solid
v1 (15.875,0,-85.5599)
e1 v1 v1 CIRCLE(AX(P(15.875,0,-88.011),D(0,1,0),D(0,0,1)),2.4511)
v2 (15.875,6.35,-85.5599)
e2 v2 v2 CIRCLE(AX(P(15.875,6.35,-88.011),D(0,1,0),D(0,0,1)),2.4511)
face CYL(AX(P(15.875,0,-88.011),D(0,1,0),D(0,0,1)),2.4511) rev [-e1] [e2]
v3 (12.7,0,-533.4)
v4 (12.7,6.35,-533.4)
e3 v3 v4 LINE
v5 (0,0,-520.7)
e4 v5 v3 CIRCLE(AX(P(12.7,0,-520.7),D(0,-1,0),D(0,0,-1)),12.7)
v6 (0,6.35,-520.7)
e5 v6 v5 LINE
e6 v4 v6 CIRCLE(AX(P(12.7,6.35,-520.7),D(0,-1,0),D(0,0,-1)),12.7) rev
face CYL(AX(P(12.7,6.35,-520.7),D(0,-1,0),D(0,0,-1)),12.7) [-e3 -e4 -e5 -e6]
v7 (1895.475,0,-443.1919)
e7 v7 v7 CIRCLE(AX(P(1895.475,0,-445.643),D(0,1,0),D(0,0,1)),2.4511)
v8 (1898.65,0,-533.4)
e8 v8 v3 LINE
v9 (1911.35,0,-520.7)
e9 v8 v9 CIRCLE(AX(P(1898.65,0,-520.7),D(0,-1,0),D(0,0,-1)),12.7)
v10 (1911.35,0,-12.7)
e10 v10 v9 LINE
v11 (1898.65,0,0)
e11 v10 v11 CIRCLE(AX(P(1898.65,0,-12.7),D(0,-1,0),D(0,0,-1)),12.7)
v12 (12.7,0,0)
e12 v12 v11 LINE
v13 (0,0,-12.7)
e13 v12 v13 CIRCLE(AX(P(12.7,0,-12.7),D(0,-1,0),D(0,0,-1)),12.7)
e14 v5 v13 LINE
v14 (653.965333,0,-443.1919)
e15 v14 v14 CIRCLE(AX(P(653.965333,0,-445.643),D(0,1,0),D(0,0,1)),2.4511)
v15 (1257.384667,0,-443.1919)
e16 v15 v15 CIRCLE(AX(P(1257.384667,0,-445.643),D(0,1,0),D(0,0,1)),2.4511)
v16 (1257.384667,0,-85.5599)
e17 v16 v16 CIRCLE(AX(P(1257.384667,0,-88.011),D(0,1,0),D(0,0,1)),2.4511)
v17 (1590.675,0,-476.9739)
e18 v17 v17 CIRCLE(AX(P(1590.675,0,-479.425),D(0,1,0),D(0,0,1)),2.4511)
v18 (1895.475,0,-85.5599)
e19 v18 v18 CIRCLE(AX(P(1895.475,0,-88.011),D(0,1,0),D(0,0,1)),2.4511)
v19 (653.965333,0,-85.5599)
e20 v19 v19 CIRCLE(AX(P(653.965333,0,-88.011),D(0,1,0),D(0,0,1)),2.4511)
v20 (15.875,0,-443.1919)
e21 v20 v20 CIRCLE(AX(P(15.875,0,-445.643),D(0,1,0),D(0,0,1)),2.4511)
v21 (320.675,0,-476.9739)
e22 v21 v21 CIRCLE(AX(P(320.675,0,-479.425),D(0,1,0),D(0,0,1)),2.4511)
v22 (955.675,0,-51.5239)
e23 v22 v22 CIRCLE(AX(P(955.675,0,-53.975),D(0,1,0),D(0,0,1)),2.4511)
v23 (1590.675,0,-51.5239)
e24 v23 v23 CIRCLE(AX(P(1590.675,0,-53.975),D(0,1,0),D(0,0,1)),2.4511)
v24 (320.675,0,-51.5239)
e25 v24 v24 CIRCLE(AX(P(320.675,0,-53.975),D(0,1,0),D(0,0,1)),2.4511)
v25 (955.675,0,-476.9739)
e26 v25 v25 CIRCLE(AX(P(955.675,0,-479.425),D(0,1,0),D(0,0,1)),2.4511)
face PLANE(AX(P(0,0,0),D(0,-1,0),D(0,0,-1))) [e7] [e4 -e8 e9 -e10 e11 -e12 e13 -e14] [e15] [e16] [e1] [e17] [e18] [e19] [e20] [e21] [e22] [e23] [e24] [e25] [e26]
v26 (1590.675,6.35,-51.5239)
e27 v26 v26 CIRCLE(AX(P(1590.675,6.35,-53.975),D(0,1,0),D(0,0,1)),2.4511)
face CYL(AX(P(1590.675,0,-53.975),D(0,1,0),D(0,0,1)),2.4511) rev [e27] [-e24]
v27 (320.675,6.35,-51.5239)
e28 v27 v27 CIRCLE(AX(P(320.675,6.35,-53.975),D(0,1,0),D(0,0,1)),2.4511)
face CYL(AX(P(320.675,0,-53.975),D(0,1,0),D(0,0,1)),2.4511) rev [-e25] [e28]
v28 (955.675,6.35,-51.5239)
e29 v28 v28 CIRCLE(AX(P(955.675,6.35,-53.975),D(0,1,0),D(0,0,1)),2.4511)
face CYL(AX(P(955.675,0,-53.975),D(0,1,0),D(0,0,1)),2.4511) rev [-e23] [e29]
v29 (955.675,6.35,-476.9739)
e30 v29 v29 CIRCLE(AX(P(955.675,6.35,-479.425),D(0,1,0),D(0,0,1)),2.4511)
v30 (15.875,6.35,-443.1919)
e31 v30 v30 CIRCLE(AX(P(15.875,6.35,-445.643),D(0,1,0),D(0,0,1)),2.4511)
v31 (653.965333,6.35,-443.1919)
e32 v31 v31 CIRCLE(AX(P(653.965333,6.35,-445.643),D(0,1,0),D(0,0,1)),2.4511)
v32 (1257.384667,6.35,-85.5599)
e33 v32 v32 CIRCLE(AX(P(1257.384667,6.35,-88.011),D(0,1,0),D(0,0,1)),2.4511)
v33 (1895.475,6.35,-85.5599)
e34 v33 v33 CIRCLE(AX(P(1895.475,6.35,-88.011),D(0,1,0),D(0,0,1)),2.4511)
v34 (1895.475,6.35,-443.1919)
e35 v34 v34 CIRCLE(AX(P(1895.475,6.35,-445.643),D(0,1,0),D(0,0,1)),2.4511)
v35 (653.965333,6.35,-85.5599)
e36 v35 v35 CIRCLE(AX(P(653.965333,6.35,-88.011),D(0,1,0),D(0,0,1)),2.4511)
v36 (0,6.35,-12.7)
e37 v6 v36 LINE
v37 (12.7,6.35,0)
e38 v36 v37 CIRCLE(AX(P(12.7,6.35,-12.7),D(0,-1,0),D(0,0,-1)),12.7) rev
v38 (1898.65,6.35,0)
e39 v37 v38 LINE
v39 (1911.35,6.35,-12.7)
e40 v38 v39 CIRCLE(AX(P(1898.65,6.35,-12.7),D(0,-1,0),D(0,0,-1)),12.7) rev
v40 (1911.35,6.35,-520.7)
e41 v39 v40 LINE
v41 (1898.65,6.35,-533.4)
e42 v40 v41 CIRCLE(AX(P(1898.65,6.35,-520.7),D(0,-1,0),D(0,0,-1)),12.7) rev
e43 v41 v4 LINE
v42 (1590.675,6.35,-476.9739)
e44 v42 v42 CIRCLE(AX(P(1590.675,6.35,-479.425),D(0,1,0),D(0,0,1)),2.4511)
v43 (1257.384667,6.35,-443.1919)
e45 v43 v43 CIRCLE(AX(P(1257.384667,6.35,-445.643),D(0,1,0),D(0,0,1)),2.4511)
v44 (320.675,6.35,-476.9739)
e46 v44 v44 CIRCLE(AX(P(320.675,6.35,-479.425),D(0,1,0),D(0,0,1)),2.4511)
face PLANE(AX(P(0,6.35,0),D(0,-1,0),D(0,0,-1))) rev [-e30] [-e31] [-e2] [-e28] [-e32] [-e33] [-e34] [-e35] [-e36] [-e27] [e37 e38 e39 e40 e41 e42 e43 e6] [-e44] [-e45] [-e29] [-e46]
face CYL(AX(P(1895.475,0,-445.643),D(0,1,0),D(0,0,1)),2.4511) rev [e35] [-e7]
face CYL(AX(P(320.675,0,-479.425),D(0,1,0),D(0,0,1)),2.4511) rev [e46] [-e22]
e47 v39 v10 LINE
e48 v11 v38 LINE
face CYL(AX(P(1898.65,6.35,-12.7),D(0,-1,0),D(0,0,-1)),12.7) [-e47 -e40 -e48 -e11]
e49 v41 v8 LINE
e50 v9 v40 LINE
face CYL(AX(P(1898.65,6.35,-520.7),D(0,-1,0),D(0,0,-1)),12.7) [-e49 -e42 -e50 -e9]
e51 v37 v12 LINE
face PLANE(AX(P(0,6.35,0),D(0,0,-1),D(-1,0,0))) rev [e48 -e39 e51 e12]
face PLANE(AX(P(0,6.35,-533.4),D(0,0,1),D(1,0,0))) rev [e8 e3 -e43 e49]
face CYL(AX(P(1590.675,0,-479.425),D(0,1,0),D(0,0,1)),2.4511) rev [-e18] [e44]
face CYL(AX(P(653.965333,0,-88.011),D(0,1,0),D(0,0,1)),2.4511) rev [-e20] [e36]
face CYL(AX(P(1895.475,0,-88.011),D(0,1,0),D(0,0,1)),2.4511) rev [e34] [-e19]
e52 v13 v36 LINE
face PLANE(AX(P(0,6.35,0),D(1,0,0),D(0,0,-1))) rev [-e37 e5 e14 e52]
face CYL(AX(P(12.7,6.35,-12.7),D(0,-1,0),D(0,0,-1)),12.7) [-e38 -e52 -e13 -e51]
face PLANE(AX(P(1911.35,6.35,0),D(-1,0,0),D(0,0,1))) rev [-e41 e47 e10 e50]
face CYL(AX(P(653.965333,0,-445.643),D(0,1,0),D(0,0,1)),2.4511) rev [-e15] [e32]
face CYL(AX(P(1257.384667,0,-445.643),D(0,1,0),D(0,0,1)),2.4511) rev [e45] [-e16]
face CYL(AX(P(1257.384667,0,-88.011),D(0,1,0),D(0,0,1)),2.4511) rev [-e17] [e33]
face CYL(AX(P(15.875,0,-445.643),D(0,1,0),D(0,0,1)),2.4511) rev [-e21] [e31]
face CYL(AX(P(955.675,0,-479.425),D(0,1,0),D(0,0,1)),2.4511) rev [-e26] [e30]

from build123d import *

# Parameters (mm, degrees)
SKETCH1_W           = 1911.35
SKETCH1_H           = 533.4
BOSS_EXTRUDE1_DEPTH = 6.35
FILLET1_R           = 12.7
SKETCH2_R           = 2.4511
CUT_EXTRUDE1_DEPTH  = 6.35
SKETCH7_R           = 2.4511
CUT_EXTRUDE2_DEPTH  = 6.35


with BuildPart() as part:
    # Sketch1 → Boss-Extrude1 (new body)
    with BuildSketch(Plane(origin=(0, 0, 0), x_dir=(1, 0, 0), z_dir=(0, 1, 0))):
        with Locations((955.675, 266.7)):
            Rectangle(SKETCH1_W, SKETCH1_H)
    extrude(amount=BOSS_EXTRUDE1_DEPTH)

    # Fillet1
    fillet1_edges = [part.edges().sort_by_distance(p)[0] for p in [
        (0, 3.175, -533.4),
        (1911.35, 3.175, -533.4),
        (1911.35, 3.175, 0),
        (0, 3.175, 0),
    ]]
    fillet(fillet1_edges, radius=FILLET1_R)

    # Sketch2 → Cut-Extrude1 (cut)
    with BuildSketch(Plane(origin=(0, 6.35, 0), x_dir=(1, 0, 0), z_dir=(0, 1, 0))):
        with Locations(Location((15.875, 445.643, 0), (0, 0, 270))):
            Circle(SKETCH2_R)
        with Locations(Location((653.965333418, 445.643, 0), (0, 0, 270))):
            Circle(SKETCH2_R)
        with Locations(Location((653.965333418, 88.011, 0), (0, 0, 270))):
            Circle(SKETCH2_R)
        with Locations(Location((15.875, 88.011, 0), (0, 0, 270))):
            Circle(SKETCH2_R)
        with Locations(Location((1257.384666582, 445.643, 0), (0, 0, 270))):
            Circle(SKETCH2_R)
        with Locations(Location((1257.384666582, 88.011, 0), (0, 0, 270))):
            Circle(SKETCH2_R)
        with Locations(Location((1895.475, 445.643, 0), (0, 0, 270))):
            Circle(SKETCH2_R)
        with Locations(Location((1895.475, 88.011, 0), (0, 0, 270))):
            Circle(SKETCH2_R)
    extrude(amount=-CUT_EXTRUDE1_DEPTH, mode=Mode.SUBTRACT)

    # Sketch7 → Cut-Extrude2 (cut)
    with BuildSketch(Plane(origin=(0, 6.35, 0), x_dir=(1, 0, 0), z_dir=(0, 1, 0))):
        with Locations(Location((320.675, 479.425, 0), (0, 0, 270))):
            Circle(SKETCH7_R)
        with Locations(Location((320.675, 53.975, 0), (0, 0, 270))):
            Circle(SKETCH7_R)
        with Locations(Location((955.675, 53.975, 0), (0, 0, 270))):
            Circle(SKETCH7_R)
        with Locations(Location((955.675, 479.425, 0), (0, 0, 270))):
            Circle(SKETCH7_R)
        with Locations(Location((1590.675, 479.425, 0), (0, 0, 270))):
            Circle(SKETCH7_R)
        with Locations(Location((1590.675, 53.975, 0), (0, 0, 270))):
            Circle(SKETCH7_R)
    extrude(amount=-CUT_EXTRUDE2_DEPTH, mode=Mode.SUBTRACT)


solid = part.part
